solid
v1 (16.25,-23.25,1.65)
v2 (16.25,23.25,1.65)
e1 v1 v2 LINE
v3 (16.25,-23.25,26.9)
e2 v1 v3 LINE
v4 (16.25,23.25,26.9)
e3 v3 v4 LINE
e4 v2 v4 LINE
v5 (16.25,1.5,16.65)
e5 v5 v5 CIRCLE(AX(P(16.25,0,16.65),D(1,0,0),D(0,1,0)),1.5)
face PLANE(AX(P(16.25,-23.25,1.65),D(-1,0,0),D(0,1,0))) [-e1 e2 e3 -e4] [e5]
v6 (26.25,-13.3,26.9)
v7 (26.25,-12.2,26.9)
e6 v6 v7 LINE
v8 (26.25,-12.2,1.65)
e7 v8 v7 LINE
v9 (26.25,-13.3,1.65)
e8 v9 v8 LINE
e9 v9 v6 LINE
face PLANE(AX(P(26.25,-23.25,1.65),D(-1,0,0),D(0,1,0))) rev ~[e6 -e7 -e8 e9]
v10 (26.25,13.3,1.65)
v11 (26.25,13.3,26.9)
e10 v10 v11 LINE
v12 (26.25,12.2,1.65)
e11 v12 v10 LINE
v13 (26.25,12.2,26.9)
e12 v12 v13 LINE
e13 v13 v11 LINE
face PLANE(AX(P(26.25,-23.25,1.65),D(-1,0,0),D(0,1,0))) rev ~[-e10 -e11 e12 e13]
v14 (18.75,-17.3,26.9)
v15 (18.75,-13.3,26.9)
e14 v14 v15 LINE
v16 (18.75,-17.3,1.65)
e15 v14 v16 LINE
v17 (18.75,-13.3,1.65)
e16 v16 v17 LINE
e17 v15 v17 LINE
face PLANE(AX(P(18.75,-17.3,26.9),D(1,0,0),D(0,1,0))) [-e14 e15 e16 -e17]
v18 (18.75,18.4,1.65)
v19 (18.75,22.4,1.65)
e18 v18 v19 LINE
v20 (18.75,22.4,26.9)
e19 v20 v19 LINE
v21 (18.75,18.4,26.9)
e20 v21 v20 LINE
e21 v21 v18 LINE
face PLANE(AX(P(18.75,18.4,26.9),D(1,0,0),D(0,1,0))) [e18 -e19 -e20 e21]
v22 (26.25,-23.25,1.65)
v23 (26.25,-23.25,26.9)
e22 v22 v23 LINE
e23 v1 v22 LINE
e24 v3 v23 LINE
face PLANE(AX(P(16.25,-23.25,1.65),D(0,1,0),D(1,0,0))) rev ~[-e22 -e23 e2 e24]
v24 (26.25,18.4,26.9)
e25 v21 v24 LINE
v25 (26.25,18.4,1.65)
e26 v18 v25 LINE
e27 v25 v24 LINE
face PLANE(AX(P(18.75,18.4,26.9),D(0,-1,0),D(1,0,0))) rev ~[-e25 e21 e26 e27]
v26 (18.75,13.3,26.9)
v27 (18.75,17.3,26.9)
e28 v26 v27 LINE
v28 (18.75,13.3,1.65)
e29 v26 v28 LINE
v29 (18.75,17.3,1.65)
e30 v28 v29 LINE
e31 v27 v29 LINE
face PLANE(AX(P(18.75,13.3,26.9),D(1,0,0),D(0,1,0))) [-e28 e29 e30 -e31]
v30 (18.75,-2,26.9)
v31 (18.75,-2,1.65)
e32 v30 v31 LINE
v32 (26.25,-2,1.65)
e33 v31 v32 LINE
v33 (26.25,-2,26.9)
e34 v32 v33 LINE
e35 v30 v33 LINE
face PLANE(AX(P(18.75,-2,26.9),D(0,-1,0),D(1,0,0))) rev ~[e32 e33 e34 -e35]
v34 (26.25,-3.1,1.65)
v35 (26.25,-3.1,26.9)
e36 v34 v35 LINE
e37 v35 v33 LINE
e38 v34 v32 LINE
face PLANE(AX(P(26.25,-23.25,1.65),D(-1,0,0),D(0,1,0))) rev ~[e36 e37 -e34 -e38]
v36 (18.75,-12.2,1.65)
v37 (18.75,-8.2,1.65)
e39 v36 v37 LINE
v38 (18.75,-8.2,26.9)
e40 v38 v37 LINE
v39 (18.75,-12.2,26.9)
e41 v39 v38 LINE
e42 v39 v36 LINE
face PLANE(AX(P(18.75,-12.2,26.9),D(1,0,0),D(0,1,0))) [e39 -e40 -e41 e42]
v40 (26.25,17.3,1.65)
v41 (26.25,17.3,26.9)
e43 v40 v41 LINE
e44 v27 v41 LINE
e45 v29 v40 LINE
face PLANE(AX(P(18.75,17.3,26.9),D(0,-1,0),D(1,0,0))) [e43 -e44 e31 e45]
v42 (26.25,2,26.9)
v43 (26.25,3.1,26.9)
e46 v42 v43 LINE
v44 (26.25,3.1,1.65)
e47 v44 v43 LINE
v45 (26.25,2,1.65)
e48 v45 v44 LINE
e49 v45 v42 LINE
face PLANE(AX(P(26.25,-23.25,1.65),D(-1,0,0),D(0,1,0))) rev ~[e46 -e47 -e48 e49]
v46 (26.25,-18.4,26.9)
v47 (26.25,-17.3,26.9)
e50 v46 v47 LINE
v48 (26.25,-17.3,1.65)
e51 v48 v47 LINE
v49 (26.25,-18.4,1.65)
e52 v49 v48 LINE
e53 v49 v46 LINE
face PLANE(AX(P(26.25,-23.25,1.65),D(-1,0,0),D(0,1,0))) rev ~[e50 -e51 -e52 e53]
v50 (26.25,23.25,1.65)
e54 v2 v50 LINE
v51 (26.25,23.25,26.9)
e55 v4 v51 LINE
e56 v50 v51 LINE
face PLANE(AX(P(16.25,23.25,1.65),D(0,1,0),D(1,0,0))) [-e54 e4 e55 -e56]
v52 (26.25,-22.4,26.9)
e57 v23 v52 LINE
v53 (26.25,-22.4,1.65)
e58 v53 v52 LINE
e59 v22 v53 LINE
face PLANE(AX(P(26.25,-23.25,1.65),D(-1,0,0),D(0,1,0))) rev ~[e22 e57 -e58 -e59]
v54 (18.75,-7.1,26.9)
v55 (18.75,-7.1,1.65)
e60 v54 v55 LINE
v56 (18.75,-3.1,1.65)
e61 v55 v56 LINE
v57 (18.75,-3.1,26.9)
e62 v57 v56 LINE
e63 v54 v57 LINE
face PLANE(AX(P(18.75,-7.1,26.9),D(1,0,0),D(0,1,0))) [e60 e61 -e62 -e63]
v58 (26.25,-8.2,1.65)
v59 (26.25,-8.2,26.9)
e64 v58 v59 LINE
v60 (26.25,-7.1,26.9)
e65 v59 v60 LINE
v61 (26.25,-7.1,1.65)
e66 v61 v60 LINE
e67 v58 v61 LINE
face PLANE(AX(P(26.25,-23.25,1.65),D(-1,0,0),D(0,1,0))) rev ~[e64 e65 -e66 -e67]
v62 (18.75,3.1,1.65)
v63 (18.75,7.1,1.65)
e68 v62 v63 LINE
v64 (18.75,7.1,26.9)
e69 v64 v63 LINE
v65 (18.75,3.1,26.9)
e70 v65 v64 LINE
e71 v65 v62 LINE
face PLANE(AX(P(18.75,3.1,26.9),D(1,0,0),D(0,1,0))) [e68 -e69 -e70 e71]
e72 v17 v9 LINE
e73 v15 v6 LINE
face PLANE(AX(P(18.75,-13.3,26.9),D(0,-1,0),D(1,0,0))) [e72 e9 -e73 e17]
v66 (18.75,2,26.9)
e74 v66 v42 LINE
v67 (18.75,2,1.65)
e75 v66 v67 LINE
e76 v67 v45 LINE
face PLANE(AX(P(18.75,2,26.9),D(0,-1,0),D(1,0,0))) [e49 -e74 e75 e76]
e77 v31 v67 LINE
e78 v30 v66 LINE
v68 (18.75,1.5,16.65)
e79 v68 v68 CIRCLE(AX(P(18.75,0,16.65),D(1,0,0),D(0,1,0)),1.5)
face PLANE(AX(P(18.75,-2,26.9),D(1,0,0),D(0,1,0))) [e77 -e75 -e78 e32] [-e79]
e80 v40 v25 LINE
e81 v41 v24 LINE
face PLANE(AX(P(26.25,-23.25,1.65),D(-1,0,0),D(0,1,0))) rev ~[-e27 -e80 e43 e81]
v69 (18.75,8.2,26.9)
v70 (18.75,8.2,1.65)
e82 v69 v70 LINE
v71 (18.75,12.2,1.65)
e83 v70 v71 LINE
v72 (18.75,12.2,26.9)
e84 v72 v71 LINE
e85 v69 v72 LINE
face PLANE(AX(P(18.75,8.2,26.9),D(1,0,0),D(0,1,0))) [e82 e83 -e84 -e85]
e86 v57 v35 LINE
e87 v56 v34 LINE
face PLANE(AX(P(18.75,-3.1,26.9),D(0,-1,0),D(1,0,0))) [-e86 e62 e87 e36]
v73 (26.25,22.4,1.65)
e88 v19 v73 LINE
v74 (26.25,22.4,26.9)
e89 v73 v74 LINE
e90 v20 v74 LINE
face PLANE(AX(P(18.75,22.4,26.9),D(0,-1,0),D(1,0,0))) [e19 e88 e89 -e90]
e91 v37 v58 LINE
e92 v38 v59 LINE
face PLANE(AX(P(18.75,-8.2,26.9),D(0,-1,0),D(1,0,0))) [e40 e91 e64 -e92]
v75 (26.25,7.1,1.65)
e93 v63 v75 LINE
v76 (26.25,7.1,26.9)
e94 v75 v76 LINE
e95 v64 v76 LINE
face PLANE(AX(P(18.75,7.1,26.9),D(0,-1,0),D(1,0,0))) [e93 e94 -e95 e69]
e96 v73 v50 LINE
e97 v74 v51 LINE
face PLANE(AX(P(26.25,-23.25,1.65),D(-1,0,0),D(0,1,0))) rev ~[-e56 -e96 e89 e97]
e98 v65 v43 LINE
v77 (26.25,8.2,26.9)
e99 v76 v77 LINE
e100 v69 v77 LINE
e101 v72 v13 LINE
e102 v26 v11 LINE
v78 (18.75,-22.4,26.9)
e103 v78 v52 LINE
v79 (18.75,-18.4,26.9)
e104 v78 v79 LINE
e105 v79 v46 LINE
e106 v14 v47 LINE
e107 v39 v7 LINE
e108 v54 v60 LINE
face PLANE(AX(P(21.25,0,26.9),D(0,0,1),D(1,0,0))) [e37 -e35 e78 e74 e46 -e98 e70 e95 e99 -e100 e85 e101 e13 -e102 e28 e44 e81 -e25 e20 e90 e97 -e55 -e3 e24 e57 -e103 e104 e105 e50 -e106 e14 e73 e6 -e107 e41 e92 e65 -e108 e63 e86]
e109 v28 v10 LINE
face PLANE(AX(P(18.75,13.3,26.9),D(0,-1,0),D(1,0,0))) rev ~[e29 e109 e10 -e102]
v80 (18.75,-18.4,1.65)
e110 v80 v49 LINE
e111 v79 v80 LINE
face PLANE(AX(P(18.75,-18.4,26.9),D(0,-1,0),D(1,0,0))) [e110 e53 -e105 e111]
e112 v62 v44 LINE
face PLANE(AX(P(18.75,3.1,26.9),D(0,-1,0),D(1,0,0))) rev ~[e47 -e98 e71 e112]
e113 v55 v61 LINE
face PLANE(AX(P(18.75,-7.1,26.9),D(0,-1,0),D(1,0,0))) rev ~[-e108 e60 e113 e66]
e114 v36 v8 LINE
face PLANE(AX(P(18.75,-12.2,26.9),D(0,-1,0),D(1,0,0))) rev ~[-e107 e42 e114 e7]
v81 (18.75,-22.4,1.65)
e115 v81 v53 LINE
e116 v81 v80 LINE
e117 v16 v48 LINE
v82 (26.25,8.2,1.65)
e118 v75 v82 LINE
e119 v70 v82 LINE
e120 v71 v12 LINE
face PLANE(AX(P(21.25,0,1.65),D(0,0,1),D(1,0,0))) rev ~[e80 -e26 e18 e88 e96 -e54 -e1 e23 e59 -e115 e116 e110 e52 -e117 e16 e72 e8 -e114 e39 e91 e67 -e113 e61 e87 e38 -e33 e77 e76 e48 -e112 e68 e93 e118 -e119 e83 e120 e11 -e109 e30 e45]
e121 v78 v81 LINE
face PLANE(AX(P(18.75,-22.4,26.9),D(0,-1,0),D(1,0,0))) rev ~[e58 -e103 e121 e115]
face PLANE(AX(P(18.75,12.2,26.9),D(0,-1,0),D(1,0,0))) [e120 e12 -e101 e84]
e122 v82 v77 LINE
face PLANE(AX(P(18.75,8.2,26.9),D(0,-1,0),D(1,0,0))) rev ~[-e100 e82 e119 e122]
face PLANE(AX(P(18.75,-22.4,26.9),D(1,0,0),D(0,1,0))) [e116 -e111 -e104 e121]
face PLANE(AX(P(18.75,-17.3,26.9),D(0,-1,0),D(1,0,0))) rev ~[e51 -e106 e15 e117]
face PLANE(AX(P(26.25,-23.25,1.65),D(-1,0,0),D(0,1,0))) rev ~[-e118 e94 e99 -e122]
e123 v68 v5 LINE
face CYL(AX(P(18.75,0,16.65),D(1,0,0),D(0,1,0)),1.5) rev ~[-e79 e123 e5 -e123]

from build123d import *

# Parameters (mm, degrees)
SKETCH002_W     = 10
SKETCH002_H     = 46.5
PAD001_DEPTH    = 25.25
SKETCH003_W     = 10
SKETCH003_H     = 4
POCKET001_DEPTH = 25.25
SKETCH004_R     = 1.5
POCKET002_DEPTH = 5


with BuildPart() as part:
    # Sketch002 → Pad001 (new body)
    with BuildSketch(Plane.XY):
        Rectangle(SKETCH002_W, SKETCH002_H)
    extrude(amount=PAD001_DEPTH)

    # Sketch003 (on Face6 of Pad001) → Pocket001 (cut)
    with BuildSketch(Plane.XY.offset(25.25)):
        with Locations((2.5, 20.4)):
            Rectangle(SKETCH003_W, SKETCH003_H)
        with Locations((2.5, 10.2)):
            Rectangle(SKETCH003_W, SKETCH003_H)
        with Locations((2.5, 15.3)):
            Rectangle(SKETCH003_W, SKETCH003_H)
        with Locations((2.5, 5.1)):
            Rectangle(SKETCH003_W, SKETCH003_H)
        with Locations((2.5, 0)):
            Rectangle(SKETCH003_W, SKETCH003_H)
        with Locations((2.5, -20.4)):
            Rectangle(SKETCH003_W, SKETCH003_H)
        with Locations((2.5, -15.3)):
            Rectangle(SKETCH003_W, SKETCH003_H)
        with Locations((2.5, -10.2)):
            Rectangle(SKETCH003_W, SKETCH003_H)
        with Locations((2.5, -5.1)):
            Rectangle(SKETCH003_W, SKETCH003_H)
    extrude(amount=-POCKET001_DEPTH, mode=Mode.SUBTRACT)

    # Sketch004 (on Face26 of Pocket001) → Pocket002 (cut)
    with BuildSketch(Plane.YZ.offset(-2.5)):
        with Locations((0, 15)):
            Circle(SKETCH004_R)
    extrude(amount=-POCKET002_DEPTH, mode=Mode.SUBTRACT)


with BuildPart() as part_1:
    # Body001 placement: moved
    add(part.part.moved(Location((21.25, 0, 1.65))))


solid = part_1.part
